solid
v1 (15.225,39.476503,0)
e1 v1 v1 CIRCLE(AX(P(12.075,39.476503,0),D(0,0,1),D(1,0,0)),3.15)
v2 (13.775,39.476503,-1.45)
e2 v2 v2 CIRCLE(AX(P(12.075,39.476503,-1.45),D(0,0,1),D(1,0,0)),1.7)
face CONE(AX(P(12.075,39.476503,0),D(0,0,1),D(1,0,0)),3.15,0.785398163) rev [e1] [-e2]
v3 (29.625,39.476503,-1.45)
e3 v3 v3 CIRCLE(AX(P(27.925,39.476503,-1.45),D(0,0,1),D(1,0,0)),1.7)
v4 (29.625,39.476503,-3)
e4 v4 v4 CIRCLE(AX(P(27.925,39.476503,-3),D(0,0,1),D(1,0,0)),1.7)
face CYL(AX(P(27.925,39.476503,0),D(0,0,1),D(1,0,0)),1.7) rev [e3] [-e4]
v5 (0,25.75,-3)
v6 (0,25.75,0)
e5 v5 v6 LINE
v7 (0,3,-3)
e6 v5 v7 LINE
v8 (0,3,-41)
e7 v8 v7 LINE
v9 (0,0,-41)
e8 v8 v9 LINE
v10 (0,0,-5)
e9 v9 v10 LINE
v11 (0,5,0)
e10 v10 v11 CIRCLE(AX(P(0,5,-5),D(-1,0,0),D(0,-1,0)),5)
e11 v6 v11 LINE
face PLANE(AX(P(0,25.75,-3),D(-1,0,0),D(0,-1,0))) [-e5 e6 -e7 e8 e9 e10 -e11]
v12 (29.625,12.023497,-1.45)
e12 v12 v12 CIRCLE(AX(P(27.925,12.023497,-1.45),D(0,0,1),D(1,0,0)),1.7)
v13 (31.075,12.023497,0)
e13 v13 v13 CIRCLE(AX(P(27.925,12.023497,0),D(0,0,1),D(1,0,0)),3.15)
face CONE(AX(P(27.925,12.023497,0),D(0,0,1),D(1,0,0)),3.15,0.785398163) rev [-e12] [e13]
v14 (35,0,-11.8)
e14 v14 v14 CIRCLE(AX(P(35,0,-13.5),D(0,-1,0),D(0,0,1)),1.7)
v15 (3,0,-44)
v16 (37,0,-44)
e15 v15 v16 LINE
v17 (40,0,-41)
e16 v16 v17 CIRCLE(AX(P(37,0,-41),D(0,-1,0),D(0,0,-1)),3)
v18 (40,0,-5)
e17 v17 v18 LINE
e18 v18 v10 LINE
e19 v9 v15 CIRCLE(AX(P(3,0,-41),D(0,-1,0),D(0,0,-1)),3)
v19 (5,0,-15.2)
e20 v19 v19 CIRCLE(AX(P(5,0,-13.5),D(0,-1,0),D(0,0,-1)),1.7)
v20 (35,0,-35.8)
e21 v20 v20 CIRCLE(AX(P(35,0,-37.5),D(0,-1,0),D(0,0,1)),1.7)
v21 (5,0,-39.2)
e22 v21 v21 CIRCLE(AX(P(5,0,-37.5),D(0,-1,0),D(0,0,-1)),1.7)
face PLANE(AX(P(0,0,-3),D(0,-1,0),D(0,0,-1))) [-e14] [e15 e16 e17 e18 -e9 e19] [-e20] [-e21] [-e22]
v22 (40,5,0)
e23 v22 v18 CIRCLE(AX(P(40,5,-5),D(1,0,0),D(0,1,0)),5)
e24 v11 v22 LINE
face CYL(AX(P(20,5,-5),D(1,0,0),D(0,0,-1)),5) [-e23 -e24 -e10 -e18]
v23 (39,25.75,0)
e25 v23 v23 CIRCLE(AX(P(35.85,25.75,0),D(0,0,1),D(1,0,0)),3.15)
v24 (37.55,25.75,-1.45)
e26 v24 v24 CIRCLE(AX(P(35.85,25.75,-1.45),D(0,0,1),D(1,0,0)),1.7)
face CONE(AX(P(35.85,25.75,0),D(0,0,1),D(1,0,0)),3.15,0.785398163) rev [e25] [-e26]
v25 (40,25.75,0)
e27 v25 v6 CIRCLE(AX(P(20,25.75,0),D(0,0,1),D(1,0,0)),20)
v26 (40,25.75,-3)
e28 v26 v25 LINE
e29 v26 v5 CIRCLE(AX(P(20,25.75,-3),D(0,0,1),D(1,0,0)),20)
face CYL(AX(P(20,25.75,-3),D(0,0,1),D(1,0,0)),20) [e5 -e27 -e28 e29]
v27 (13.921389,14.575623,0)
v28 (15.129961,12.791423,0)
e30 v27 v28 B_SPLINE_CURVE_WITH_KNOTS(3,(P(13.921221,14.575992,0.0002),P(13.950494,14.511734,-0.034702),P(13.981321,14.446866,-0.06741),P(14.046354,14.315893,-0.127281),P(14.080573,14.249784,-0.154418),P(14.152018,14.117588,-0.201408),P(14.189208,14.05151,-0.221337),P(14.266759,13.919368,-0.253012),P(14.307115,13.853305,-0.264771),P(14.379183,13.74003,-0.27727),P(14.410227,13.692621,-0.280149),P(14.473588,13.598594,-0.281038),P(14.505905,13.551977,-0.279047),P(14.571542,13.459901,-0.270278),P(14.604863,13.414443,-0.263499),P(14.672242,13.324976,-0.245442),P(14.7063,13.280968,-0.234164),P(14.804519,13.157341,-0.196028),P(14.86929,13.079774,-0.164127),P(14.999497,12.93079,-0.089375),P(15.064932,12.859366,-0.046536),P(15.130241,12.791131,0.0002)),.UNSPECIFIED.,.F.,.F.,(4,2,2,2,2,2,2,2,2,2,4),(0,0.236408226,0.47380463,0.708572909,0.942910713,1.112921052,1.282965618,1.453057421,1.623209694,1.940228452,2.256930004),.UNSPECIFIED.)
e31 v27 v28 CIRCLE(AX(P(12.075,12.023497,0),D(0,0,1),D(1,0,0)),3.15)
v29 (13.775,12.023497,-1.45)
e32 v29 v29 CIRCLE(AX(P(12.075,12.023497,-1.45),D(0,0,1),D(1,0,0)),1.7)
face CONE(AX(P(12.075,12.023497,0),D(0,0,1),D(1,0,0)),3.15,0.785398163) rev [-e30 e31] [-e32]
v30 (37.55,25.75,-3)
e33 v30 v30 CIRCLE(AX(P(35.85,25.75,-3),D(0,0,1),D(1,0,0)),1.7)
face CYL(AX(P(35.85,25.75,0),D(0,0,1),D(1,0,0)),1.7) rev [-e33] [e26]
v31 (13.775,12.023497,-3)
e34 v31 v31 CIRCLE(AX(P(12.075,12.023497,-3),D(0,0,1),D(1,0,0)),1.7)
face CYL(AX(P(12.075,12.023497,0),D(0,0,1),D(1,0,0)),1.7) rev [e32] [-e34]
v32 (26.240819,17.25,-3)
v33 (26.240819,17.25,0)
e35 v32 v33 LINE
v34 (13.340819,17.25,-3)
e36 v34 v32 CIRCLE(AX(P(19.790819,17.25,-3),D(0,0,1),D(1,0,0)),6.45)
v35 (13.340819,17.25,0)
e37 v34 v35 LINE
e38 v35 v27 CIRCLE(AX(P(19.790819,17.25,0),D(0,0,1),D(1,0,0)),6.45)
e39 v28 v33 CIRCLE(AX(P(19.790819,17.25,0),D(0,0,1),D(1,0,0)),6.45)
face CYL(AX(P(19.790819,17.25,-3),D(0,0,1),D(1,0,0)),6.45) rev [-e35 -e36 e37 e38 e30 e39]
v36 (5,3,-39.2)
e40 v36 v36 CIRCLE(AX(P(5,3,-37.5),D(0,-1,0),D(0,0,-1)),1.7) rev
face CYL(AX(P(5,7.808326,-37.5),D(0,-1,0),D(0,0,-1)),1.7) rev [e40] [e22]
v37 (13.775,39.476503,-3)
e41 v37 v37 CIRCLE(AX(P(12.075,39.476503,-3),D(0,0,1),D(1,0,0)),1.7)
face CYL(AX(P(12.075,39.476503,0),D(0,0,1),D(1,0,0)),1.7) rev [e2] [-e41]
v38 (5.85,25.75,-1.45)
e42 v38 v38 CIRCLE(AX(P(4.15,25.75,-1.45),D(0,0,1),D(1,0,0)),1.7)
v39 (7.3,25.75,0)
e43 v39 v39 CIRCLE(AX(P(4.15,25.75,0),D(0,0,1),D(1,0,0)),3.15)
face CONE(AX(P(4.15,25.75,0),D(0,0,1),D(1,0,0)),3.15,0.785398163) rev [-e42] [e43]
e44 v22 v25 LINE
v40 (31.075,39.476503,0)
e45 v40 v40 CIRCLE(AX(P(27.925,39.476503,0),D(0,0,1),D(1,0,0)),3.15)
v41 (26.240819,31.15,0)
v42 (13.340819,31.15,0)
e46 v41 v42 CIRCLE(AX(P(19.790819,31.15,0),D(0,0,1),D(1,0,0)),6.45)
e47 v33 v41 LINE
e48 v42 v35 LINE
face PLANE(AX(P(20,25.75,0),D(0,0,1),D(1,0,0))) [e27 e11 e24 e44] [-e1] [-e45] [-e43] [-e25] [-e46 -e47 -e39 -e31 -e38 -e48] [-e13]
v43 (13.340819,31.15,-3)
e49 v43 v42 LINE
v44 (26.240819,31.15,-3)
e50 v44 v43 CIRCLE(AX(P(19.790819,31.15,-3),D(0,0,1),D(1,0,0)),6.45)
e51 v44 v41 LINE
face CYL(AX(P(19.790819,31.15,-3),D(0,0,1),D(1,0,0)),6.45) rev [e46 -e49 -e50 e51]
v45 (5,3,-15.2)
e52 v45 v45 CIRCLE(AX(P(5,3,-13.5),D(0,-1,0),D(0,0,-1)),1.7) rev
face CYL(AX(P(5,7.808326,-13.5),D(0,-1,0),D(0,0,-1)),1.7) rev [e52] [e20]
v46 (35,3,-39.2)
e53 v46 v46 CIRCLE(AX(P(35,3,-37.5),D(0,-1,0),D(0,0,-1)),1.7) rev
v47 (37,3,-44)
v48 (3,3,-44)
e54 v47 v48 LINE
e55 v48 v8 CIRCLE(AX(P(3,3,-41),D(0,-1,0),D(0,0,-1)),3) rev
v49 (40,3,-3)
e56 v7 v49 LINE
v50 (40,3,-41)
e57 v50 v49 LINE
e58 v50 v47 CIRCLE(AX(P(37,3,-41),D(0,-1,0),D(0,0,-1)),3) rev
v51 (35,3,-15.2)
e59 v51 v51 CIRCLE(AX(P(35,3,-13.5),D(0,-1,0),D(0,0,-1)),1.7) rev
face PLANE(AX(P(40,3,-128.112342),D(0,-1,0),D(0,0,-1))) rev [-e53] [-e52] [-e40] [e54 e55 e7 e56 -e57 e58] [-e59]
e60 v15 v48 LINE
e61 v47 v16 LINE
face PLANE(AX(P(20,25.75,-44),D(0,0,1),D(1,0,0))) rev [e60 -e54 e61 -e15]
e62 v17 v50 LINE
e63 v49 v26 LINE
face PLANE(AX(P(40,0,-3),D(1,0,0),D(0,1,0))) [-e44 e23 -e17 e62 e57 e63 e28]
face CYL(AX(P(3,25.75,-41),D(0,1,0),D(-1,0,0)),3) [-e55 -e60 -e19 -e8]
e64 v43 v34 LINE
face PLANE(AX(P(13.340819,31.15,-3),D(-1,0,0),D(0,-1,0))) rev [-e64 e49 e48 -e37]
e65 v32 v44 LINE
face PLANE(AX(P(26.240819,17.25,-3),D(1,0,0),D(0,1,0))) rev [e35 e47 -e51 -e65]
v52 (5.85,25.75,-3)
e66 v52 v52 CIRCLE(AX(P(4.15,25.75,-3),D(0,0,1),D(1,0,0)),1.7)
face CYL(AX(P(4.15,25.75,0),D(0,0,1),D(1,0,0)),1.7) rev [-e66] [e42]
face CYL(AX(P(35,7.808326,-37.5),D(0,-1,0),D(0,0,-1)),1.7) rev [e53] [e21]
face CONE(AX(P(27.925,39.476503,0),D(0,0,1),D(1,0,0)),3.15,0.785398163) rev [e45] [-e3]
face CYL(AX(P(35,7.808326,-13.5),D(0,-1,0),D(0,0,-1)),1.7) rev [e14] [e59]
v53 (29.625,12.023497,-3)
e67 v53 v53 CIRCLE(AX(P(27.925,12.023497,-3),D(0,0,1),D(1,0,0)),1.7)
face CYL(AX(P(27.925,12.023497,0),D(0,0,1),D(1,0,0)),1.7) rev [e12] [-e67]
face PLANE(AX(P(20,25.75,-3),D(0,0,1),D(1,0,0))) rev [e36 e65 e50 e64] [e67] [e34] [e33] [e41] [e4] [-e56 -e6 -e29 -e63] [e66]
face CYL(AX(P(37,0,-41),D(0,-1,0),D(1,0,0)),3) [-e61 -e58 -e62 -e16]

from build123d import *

# Parameters (mm, degrees)
BOSS_EXTRUDE1_DEPTH                            = 3
CSK_FOR_M3_FLAT_HEAD_MACHINE_SCREW1_AT_2_COUNT = 2
CSK_FOR_M3_FLAT_HEAD_MACHINE_SCREW1_AT_2_PITCH = 15.85
CSK_FOR_M3_FLAT_HEAD_MACHINE_SCREW1_AT_3_COUNT = 2
CSK_FOR_M3_FLAT_HEAD_MACHINE_SCREW1_AT_3_PITCH = 27.4530053
CSK_FOR_M3_FLAT_HEAD_MACHINE_SCREW1_AT_4_COUNT = 2
CSK_FOR_M3_FLAT_HEAD_MACHINE_SCREW1_AT_4_PITCH = 31.7
CSK_FOR_M3_FLAT_HEAD_MACHINE_SCREW1_AT_5_COUNT = 2
CSK_FOR_M3_FLAT_HEAD_MACHINE_SCREW1_AT_5_PITCH = 27.4530053
CSK_FOR_M3_FLAT_HEAD_MACHINE_SCREW1_AT_6_COUNT = 2
CSK_FOR_M3_FLAT_HEAD_MACHINE_SCREW1_AT_6_PITCH = 15.85
SKETCH6_W                                      = 40
SKETCH6_H                                      = 3
BOSS_EXTRUDE2_DEPTH                            = 41
SKETCH7_R                                      = 1.7
CUT_EXTRUDE1_DEPTH                             = 3
FILLET1_R                                      = 3
FILLET2_R                                      = 5


with BuildPart() as part:
    # Sketch2 → Boss-Extrude1 (new body)
    with BuildSketch(Plane.XY):
        with BuildLine():
            Line((0, 0), (40, 0))
            Line((40, 0), (40, 25.75))
            ThreePointArc((40, 25.75), (20, 45.75), (0, 25.75))
            Line((0, 25.75), (0, 0))
        make_face()
        with BuildLine():
            Line((26.240819183, 17.25), (26.240819183, 31.15))
            ThreePointArc((26.240819183, 31.15), (19.790819183, 37.6), (13.340819183, 31.15))
            Line((13.340819183, 31.15), (13.340819183, 17.25))
            ThreePointArc((13.340819183, 17.25), (19.790819183, 10.8), (26.240819183, 17.25))
        make_face(mode=Mode.SUBTRACT)
    extrude(amount=-BOSS_EXTRUDE1_DEPTH)

    # Sketch4 → CSK for M3 Flat Head Machine Screw1 (revolve, cut)
    with BuildSketch(Plane(origin=(4.15, 25.75, 0), x_dir=(0, -1, 0), z_dir=(1, 0, 0))):
        Polygon((0, 0), (0, 3), (1.7, 3), (1.7, 1.45), (3.15, 0), align=None)
    csk_for_m3_flat_head_machine_screw1 = revolve(axis=Axis((4.15, 25.75, 6.35), (0, 0, -1)), mode=Mode.SUBTRACT)

    # CSK for M3 Flat Head Machine Screw1 at 2: CSK for M3 Flat Head Machine Screw1 ×2
    with Locations(*[Vector(0.49999999999999317, 0.8660254037844426, 0) * (i * CSK_FOR_M3_FLAT_HEAD_MACHINE_SCREW1_AT_2_PITCH) for i in range(1, CSK_FOR_M3_FLAT_HEAD_MACHINE_SCREW1_AT_2_COUNT)]):
        add(csk_for_m3_flat_head_machine_screw1, mode=Mode.SUBTRACT)

    # CSK for M3 Flat Head Machine Screw1 at 3: CSK for M3 Flat Head Machine Screw1 ×2
    with Locations(*[Vector(0.8660254037844348, 0.5000000000000067, 0) * (i * CSK_FOR_M3_FLAT_HEAD_MACHINE_SCREW1_AT_3_PITCH) for i in range(1, CSK_FOR_M3_FLAT_HEAD_MACHINE_SCREW1_AT_3_COUNT)]):
        add(csk_for_m3_flat_head_machine_screw1, mode=Mode.SUBTRACT)

    # CSK for M3 Flat Head Machine Screw1 at 4: CSK for M3 Flat Head Machine Screw1 ×2
    with Locations(*[(i * CSK_FOR_M3_FLAT_HEAD_MACHINE_SCREW1_AT_4_PITCH, 0, 0) for i in range(1, CSK_FOR_M3_FLAT_HEAD_MACHINE_SCREW1_AT_4_COUNT)]):
        add(csk_for_m3_flat_head_machine_screw1, mode=Mode.SUBTRACT)

    # CSK for M3 Flat Head Machine Screw1 at 5: CSK for M3 Flat Head Machine Screw1 ×2
    with Locations(*[Vector(0.8660254037844427, -0.49999999999999306, 0) * (i * CSK_FOR_M3_FLAT_HEAD_MACHINE_SCREW1_AT_5_PITCH) for i in range(1, CSK_FOR_M3_FLAT_HEAD_MACHINE_SCREW1_AT_5_COUNT)]):
        add(csk_for_m3_flat_head_machine_screw1, mode=Mode.SUBTRACT)

    # CSK for M3 Flat Head Machine Screw1 at 6: CSK for M3 Flat Head Machine Screw1 ×2
    with Locations(*[Vector(0.5000000000000067, -0.8660254037844349, 0) * (i * CSK_FOR_M3_FLAT_HEAD_MACHINE_SCREW1_AT_6_PITCH) for i in range(1, CSK_FOR_M3_FLAT_HEAD_MACHINE_SCREW1_AT_6_COUNT)]):
        add(csk_for_m3_flat_head_machine_screw1, mode=Mode.SUBTRACT)

    # Sketch6 → Boss-Extrude2 (add)
    with BuildSketch(Plane(origin=(0, 0, -3), x_dir=(-1, 0, 0), z_dir=(0, 0, -1))):
        with Locations((-20, 1.5)):
            Rectangle(SKETCH6_W, SKETCH6_H)
    extrude(amount=BOSS_EXTRUDE2_DEPTH)

    # Sketch7 → Cut-Extrude1 (cut)
    with BuildSketch(Plane.XZ):
        with Locations(Location((5, -37.5, 0), (0, 0, 270))):
            Circle(SKETCH7_R)
        with Locations(Location((5, -13.5, 0), (0, 0, 270))):
            Circle(SKETCH7_R)
        with Locations(Location((35, -37.5, 0), (0, 0, 270))):
            Circle(SKETCH7_R)
        with Locations(Location((35, -13.5, 0), (0, 0, 270))):
            Circle(SKETCH7_R)
    extrude(amount=-CUT_EXTRUDE1_DEPTH, mode=Mode.SUBTRACT)

    # Fillet1
    fillet1_edges = [part.edges().sort_by_distance(p)[0] for p in [
        (0, 1.5, -44),
        (40, 1.5, -44),
    ]]
    fillet(fillet1_edges, radius=FILLET1_R)

    # Fillet2
    fillet2_edges = [part.edges().sort_by_distance(p)[0] for p in [
        (20, 0, 0),
    ]]
    fillet(fillet2_edges, radius=FILLET2_R)


solid = part.part
